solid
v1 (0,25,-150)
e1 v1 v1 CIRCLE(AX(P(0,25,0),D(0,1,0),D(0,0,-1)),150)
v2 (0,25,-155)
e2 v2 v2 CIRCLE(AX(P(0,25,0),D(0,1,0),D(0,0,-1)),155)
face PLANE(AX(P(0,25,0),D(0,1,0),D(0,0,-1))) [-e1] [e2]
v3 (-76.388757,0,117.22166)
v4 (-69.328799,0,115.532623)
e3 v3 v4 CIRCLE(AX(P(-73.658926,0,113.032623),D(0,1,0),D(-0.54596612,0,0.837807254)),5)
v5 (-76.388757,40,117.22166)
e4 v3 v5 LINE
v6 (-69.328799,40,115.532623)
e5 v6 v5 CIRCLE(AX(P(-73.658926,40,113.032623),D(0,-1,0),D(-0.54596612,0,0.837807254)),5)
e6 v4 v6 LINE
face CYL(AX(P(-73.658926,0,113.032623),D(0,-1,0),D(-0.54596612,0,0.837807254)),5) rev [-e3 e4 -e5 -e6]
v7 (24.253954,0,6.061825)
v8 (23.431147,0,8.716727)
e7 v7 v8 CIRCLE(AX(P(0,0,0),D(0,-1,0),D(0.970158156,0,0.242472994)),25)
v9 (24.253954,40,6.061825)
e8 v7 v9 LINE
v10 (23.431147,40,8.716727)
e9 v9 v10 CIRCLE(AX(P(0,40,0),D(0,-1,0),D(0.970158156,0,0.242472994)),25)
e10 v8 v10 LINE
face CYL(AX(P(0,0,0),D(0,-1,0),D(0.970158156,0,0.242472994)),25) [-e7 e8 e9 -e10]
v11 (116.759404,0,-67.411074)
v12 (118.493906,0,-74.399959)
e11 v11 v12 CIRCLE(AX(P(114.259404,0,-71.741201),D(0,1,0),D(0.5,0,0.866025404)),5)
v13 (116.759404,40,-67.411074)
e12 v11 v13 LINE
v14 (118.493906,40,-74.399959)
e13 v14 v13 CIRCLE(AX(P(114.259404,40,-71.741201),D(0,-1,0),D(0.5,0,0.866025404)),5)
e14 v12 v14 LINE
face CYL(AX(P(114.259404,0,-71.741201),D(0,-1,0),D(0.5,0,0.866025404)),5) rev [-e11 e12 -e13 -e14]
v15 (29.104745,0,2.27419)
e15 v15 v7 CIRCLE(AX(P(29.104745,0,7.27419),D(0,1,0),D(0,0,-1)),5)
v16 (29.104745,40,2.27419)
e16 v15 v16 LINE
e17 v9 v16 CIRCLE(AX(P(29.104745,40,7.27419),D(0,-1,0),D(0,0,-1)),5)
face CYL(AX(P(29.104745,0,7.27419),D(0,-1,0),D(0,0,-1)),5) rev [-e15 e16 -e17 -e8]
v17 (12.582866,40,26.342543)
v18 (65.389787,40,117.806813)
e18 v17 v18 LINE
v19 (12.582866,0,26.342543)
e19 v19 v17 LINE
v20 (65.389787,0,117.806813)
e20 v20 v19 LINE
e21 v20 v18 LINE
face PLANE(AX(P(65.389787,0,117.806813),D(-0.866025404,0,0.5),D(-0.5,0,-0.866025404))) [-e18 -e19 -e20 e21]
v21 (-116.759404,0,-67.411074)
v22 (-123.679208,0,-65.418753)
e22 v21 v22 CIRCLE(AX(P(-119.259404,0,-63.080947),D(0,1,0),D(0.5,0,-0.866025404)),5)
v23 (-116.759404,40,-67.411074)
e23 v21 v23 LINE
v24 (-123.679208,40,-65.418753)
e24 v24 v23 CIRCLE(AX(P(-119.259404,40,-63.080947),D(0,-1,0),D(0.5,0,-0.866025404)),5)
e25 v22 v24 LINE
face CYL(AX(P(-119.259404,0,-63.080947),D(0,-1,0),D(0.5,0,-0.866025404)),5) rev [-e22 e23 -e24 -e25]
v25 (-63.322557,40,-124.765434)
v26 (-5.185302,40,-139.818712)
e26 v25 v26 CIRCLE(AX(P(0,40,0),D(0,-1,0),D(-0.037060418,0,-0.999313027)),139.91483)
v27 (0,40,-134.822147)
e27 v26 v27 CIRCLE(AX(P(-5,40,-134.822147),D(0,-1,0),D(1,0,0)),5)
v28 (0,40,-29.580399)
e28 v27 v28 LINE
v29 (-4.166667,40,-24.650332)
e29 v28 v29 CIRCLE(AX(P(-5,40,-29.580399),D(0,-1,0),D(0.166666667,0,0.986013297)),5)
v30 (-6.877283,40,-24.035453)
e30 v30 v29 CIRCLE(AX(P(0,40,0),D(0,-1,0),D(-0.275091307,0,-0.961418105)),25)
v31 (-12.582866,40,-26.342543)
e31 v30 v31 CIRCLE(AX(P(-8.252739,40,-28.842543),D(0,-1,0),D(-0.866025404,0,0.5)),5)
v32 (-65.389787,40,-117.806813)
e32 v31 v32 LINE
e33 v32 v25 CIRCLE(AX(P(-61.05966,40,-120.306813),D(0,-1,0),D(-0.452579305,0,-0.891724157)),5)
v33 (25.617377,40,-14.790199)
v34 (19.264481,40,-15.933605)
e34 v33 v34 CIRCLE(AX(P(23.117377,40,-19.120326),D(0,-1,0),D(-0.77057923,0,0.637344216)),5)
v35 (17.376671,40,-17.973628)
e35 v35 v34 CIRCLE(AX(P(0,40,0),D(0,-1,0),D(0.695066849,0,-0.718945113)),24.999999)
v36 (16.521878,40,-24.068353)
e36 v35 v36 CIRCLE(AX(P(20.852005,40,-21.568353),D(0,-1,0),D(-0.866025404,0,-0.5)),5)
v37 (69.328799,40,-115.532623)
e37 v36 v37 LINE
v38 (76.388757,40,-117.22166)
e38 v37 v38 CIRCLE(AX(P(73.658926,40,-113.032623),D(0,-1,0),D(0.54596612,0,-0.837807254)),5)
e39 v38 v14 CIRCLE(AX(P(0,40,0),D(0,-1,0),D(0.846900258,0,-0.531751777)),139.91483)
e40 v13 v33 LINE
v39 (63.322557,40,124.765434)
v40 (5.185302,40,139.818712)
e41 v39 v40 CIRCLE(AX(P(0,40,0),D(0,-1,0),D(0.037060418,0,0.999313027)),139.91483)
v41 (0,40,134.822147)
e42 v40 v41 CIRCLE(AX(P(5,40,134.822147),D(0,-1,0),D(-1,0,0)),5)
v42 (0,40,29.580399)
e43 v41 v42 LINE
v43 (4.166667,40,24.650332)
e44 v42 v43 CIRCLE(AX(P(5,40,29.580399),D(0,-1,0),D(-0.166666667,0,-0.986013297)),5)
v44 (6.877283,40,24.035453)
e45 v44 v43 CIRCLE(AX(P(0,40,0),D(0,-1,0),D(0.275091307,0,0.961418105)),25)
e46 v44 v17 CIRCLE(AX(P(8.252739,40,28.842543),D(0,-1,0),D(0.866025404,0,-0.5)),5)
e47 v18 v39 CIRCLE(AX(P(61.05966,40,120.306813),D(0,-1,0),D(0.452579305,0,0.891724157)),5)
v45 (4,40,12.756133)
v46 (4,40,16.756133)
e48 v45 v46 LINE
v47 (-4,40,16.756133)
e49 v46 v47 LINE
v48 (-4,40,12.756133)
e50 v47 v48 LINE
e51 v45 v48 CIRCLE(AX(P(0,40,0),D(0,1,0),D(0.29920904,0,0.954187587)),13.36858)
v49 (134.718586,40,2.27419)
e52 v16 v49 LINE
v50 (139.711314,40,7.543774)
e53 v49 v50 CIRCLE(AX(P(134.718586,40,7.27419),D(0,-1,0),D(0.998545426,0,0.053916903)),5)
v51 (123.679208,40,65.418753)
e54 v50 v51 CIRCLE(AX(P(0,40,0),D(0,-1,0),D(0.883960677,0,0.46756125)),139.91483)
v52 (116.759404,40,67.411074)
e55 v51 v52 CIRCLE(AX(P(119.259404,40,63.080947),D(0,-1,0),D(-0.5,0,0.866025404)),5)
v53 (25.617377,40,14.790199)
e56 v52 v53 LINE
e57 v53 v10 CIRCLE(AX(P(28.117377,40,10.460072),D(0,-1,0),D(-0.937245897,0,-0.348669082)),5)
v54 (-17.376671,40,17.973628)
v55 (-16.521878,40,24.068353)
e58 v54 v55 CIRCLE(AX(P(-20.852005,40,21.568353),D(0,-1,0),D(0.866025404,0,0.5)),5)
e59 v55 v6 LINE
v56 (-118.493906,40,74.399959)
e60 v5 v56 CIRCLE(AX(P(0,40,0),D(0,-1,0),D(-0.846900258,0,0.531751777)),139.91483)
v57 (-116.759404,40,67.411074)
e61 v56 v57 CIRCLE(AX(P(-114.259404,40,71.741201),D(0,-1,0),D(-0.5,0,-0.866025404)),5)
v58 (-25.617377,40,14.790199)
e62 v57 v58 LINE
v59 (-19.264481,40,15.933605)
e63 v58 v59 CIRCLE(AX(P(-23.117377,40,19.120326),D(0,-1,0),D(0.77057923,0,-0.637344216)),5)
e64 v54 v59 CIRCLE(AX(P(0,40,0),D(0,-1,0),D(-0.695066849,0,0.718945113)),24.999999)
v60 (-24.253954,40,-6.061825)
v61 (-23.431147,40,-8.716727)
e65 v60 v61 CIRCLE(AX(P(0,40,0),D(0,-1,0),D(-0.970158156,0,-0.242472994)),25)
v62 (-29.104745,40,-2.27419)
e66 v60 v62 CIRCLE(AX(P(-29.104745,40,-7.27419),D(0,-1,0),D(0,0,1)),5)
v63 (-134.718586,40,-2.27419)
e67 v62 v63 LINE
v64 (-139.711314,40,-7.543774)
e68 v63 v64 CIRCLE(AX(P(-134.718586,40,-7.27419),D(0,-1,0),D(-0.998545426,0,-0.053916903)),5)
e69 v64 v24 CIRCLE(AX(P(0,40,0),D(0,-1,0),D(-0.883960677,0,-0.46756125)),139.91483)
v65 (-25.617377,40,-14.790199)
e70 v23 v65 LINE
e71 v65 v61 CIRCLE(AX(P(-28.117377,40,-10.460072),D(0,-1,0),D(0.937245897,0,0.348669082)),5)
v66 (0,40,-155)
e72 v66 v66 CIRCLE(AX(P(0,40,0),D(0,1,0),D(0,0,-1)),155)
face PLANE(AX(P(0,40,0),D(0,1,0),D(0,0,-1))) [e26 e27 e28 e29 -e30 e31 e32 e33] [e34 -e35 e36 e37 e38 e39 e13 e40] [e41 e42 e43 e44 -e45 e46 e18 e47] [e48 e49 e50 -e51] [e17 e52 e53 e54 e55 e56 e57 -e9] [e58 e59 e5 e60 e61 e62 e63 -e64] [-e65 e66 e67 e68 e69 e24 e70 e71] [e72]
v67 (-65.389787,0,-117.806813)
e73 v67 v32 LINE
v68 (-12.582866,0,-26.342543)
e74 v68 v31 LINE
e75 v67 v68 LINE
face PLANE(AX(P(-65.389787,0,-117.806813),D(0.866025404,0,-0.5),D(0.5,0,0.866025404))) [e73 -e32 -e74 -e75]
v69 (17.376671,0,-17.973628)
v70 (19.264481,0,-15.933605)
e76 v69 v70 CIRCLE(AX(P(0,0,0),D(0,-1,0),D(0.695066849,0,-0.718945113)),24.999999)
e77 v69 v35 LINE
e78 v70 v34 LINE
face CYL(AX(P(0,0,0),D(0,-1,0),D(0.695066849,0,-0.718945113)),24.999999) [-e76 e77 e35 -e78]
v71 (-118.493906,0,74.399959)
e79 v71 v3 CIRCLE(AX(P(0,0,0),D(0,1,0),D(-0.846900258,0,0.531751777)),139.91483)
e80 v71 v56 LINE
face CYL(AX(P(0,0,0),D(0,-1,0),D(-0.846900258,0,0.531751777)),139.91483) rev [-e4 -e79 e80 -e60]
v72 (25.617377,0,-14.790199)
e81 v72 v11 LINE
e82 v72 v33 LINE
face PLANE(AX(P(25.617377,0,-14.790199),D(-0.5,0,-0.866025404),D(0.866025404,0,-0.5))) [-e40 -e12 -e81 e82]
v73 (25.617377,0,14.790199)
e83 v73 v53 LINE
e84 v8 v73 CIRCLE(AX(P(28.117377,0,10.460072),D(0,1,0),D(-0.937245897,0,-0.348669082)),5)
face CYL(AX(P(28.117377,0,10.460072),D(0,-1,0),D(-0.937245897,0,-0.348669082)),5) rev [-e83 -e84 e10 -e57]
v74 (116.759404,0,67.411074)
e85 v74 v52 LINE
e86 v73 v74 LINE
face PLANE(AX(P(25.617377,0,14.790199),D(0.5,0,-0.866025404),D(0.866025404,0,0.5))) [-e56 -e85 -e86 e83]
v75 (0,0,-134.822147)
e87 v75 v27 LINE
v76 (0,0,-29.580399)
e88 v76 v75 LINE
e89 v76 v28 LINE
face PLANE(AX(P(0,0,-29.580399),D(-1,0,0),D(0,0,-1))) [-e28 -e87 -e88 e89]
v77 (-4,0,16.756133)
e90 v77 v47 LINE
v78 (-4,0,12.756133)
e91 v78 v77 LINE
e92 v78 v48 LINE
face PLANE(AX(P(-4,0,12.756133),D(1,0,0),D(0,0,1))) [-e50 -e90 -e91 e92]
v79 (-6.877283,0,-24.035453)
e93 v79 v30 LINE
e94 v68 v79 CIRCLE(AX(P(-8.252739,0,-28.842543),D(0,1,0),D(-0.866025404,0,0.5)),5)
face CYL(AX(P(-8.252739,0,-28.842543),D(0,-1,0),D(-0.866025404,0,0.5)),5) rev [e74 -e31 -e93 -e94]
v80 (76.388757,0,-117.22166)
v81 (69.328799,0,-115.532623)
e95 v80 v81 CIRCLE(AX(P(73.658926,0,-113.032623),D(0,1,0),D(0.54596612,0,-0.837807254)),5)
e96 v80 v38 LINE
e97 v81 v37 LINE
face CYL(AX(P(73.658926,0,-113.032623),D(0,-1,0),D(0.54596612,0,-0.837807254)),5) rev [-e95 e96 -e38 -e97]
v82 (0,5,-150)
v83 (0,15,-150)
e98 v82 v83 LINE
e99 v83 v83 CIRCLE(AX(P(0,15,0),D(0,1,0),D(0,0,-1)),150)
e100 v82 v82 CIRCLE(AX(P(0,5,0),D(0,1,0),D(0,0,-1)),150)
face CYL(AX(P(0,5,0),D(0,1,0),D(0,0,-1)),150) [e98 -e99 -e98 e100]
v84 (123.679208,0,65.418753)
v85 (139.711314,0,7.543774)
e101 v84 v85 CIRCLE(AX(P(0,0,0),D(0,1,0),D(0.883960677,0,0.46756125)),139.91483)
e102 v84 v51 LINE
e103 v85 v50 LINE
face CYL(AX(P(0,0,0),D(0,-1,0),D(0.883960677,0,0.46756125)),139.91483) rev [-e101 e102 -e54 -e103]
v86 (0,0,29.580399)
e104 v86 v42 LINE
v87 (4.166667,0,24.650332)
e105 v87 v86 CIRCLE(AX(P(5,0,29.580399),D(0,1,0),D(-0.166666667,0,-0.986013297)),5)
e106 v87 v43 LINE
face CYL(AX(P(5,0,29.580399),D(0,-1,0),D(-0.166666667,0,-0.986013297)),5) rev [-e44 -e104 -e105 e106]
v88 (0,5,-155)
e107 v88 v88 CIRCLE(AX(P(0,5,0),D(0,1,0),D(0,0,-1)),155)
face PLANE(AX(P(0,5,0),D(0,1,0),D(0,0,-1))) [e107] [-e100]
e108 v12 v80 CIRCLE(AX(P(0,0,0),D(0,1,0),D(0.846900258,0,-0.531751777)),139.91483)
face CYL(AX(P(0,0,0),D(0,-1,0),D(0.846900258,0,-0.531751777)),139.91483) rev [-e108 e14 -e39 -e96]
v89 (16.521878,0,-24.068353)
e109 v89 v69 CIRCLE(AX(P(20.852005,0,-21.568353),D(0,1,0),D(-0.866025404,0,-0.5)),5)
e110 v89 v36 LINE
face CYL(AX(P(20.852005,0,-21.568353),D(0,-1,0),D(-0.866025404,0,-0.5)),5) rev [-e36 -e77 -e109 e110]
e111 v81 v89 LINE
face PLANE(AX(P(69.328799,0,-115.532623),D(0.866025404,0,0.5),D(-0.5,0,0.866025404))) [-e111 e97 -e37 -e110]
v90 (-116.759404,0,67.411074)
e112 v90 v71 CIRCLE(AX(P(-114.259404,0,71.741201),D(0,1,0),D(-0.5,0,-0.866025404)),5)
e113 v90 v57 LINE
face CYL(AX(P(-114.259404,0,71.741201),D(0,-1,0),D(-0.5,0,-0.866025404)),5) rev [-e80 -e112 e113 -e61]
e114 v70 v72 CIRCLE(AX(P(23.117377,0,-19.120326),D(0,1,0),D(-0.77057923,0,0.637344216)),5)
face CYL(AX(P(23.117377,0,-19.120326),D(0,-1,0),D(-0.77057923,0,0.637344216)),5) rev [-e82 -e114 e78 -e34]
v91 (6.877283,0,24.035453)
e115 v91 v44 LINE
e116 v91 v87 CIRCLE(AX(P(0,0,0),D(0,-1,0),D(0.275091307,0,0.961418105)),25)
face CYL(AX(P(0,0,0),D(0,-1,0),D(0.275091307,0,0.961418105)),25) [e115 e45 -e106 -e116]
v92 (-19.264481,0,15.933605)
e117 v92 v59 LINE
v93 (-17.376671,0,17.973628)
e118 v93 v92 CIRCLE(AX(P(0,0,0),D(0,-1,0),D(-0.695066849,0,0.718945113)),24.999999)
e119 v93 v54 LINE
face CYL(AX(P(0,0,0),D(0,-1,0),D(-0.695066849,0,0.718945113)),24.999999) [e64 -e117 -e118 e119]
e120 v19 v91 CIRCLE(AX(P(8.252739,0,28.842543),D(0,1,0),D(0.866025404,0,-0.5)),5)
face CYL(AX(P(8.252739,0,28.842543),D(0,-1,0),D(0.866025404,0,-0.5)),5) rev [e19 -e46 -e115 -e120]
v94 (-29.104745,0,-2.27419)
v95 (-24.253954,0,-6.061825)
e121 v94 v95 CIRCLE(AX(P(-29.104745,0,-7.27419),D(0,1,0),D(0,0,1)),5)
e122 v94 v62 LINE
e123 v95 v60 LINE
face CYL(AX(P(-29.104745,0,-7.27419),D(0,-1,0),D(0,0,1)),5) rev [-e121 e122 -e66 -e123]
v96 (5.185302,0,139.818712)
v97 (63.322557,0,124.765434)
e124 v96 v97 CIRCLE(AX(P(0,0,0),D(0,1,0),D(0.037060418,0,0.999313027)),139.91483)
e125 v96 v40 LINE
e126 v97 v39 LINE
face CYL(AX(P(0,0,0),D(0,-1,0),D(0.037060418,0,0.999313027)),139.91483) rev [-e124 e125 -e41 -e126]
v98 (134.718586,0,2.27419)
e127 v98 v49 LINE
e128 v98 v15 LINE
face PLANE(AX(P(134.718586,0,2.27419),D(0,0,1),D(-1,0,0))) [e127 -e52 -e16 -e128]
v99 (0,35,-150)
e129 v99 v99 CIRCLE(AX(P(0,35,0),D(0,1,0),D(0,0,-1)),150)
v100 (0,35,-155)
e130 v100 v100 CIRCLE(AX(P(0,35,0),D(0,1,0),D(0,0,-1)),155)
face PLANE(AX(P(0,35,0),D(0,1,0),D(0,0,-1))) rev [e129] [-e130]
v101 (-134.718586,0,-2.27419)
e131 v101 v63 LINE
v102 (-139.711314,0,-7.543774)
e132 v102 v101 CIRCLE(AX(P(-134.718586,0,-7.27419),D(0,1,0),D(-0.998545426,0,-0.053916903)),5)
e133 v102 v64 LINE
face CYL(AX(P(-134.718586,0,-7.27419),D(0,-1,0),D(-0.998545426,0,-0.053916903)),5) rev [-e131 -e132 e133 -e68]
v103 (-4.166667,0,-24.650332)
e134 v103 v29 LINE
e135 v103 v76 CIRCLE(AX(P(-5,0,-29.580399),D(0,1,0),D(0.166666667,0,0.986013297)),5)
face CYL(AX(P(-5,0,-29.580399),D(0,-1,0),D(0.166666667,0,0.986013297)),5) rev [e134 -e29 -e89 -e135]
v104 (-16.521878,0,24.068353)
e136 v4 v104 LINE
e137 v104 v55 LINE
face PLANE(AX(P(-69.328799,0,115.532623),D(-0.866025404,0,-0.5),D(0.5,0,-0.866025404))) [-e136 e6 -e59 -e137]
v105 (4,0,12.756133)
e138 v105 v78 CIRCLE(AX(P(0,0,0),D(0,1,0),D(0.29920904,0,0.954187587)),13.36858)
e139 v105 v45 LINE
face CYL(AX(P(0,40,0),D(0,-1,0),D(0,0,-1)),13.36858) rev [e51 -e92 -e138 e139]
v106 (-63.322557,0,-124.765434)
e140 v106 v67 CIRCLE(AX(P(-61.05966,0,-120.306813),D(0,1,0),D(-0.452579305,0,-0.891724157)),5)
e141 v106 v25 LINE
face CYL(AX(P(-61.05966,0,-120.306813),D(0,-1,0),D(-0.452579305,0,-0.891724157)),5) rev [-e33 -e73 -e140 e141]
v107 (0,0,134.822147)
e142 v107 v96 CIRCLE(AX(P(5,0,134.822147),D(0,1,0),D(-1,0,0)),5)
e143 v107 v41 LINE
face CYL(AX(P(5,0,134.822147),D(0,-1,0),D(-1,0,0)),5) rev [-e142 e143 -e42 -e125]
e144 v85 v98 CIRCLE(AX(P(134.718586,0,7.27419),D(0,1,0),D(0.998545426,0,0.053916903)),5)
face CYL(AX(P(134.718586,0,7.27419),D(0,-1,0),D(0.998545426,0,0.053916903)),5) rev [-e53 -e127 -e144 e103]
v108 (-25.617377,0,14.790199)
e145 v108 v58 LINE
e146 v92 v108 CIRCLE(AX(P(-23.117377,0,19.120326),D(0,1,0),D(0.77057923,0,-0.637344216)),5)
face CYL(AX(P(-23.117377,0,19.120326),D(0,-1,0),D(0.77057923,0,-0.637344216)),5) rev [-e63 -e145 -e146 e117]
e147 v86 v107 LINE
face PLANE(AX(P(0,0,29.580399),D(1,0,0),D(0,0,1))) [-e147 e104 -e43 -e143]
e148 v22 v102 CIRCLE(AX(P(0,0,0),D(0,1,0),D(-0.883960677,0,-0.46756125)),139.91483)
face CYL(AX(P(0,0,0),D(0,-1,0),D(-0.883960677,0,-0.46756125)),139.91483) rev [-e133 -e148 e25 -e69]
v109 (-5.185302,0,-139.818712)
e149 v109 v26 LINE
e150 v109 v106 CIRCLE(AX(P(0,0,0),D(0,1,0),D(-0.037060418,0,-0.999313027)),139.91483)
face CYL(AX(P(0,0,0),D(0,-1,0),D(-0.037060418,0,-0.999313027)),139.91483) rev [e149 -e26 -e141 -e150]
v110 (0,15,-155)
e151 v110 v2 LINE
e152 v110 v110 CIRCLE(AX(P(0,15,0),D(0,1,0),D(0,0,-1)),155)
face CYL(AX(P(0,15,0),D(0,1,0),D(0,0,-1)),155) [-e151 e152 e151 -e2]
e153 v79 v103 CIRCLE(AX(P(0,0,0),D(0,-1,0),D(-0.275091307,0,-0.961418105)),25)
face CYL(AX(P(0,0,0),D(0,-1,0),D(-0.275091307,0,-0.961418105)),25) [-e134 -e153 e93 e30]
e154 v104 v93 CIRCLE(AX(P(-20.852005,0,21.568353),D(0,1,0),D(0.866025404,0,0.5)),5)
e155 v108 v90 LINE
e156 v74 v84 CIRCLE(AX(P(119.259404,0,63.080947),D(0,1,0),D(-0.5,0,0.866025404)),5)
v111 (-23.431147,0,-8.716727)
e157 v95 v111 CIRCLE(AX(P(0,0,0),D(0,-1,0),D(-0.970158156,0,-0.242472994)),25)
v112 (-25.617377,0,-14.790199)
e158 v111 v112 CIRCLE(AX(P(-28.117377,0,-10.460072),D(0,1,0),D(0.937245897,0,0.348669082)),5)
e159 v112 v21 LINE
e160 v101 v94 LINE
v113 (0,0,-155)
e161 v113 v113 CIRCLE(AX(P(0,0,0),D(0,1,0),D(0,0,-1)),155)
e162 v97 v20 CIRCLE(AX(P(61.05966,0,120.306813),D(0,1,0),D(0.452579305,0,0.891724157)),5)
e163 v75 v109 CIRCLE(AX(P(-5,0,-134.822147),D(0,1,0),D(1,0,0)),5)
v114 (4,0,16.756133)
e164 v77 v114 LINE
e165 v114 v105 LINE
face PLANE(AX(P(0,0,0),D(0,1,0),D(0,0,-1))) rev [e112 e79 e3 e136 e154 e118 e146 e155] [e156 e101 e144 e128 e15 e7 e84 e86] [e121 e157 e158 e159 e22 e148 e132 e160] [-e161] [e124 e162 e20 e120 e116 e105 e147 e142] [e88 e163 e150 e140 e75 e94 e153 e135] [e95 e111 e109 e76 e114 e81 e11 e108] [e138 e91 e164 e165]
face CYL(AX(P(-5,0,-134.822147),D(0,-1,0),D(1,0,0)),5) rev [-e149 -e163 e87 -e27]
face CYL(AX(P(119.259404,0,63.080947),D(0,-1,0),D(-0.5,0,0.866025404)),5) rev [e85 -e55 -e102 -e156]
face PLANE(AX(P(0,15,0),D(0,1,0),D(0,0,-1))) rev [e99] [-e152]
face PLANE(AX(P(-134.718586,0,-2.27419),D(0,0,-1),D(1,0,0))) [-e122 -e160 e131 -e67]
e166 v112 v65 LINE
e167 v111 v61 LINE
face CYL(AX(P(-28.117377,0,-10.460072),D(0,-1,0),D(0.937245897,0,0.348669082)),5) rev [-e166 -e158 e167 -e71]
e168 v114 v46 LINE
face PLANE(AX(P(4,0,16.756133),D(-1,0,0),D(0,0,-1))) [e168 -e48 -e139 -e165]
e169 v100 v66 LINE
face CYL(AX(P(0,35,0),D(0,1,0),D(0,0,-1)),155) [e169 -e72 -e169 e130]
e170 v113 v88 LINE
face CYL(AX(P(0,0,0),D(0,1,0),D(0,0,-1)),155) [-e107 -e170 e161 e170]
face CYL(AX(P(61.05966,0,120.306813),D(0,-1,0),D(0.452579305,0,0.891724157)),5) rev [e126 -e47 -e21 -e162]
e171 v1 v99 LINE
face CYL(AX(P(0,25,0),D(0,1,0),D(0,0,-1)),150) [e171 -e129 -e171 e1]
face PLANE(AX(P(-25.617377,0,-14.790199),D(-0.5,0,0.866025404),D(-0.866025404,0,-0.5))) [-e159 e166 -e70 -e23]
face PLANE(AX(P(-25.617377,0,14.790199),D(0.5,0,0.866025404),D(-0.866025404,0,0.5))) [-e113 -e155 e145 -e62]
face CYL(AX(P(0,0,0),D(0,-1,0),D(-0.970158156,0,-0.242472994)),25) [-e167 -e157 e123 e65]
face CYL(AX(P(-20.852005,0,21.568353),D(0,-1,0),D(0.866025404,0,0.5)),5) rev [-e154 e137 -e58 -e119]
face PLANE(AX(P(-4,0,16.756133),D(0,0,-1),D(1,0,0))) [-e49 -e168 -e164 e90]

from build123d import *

# Parameters (mm, degrees)
CUT_EXTRUDE1_DEPTH = 223.822799552
CUT_EXTRUDE2_DEPTH = 223.822799552


with BuildPart() as part:
    # Sketch1 → Revolve1 (revolve)
    with BuildSketch(Plane(origin=(0, 0, 0), x_dir=(0, 0, -1), z_dir=(1, 0, 0))):
        Polygon((13.36858006, 0), (155, 0), (155, 5), (150, 5), (150, 15), (155, 15), (155, 25), (150, 25), (150, 35), (155, 35), (155, 40), (13.36858006, 40), align=None)
    revolve(axis=Axis((0, 0, 0), (0, 1, 0)))

    # Sketch2 → Cut-Extrude1 (cut, through all)
    with BuildSketch(Plane.XZ):
        with BuildLine():
            Line((-4, 16.756133146), (4, 16.756133146))
            Line((4, 16.756133146), (4, 12.756133146))
            ThreePointArc((4, 12.756133146), (0, 13.36858006), (-4, 12.756133146))
            Line((-4, 12.756133146), (-4, 16.756133146))
        make_face()
    extrude(amount=-CUT_EXTRUDE1_DEPTH, mode=Mode.SUBTRACT)

    # Sketch3 → Cut-Extrude2 (cut, through all)
    with BuildSketch(Plane.XZ):
        with BuildLine():
            Line((0, 29.580398915), (0, 134.82214713))
            ThreePointArc((0, 134.82214713), (1.530598787, 138.422599216), (5.18530209, 139.818712264))
            ThreePointArc((5.18530209, 139.818712264), (35.071098816, 135.448062683), (63.322556568, 124.765433861))
            ThreePointArc((63.322556568, 124.765433861), (65.852633094, 121.73068432), (65.389787061, 117.806813075))
            Line((65.389787061, 117.806813075), (12.582866204, 26.34254316))
            ThreePointArc((12.582866204, 26.34254316), (10.127088699, 24.207156024), (6.877282654, 24.035452633))
            ThreePointArc((6.877282654, 24.035452633), (5.530526507, 24.380592211), (4.166666667, 24.65033243))
            ThreePointArc((4.166666667, 24.65033243), (1.181186921, 26.352912794), (0, 29.580398915))
        make_face()
        with BuildLine():
            Line((25.617376915, 14.790199458), (116.759404407, 67.411073565))
            ThreePointArc((116.759404407, 67.411073565), (120.642786773, 67.885762175), (123.67920779, 65.418752795))
            ThreePointArc((123.67920779, 65.418752795), (134.837012585, 37.351568828), (139.711313522, 7.543774309))
            ThreePointArc((139.711313522, 7.543774309), (138.348181588, 3.835288995), (134.718586392, 2.274189795))
            Line((134.718586392, 2.274189795), (29.104744679, 2.274189795))
            ThreePointArc((29.104744679, 2.274189795), (26.027556419, 3.333261933), (24.253953899, 6.061824829))
            ThreePointArc((24.253953899, 6.061824829), (23.879475467, 7.400719654), (23.431147429, 8.716727032))
            ThreePointArc((23.431147429, 8.716727032), (23.412885403, 12.153518517), (25.617376915, 14.790199458))
        make_face()
        with BuildLine():
            Line((25.617376915, -14.790199458), (116.759404407, -67.411073565))
            ThreePointArc((116.759404407, -67.411073565), (119.112187985, -70.536837041), (118.4939057, -74.399959468))
            ThreePointArc((118.4939057, -74.399959468), (99.765913769, -98.096493855), (76.388756953, -117.221659551))
            ThreePointArc((76.388756953, -117.221659551), (72.495548494, -117.895395325), (69.328799331, -115.53262328))
            Line((69.328799331, -115.53262328), (16.521878475, -24.068353365))
            ThreePointArc((16.521878475, -24.068353365), (15.900467721, -20.873894091), (17.376671245, -17.973627804))
            ThreePointArc((17.376671245, -17.973627804), (18.348948961, -16.979872557), (19.264480762, -15.933605397))
            ThreePointArc((19.264480762, -15.933605397), (22.231698483, -14.199394277), (25.617376915, -14.790199458))
        make_face()
        with BuildLine():
            Line((0, -29.580398915), (0, -134.82214713))
            ThreePointArc((0, -134.82214713), (-1.530598787, -138.422599216), (-5.18530209, -139.818712264))
            ThreePointArc((-5.18530209, -139.818712264), (-35.071098816, -135.448062683), (-63.322556568, -124.765433861))
            ThreePointArc((-63.322556568, -124.765433861), (-65.852633094, -121.73068432), (-65.389787061, -117.806813075))
            Line((-65.389787061, -117.806813075), (-12.582866204, -26.34254316))
            ThreePointArc((-12.582866204, -26.34254316), (-10.127088699, -24.207156024), (-6.877282654, -24.035452633))
            ThreePointArc((-6.877282654, -24.035452633), (-5.530526507, -24.380592211), (-4.166666667, -24.65033243))
            ThreePointArc((-4.166666667, -24.65033243), (-1.181186921, -26.352912794), (0, -29.580398915))
        make_face()
        with BuildLine():
            Line((-25.617376915, -14.790199458), (-116.759404407, -67.411073565))
            ThreePointArc((-116.759404407, -67.411073565), (-120.642786773, -67.885762175), (-123.67920779, -65.418752795))
            ThreePointArc((-123.67920779, -65.418752795), (-134.837012585, -37.351568828), (-139.711313522, -7.543774309))
            ThreePointArc((-139.711313522, -7.543774309), (-138.348181588, -3.835288995), (-134.718586392, -2.274189795))
            Line((-134.718586392, -2.274189795), (-29.104744679, -2.274189795))
            ThreePointArc((-29.104744679, -2.274189795), (-26.027556419, -3.333261933), (-24.253953899, -6.061824829))
            ThreePointArc((-24.253953899, -6.061824829), (-23.879475467, -7.400719654), (-23.431147429, -8.716727032))
            ThreePointArc((-23.431147429, -8.716727032), (-23.412885403, -12.153518517), (-25.617376915, -14.790199458))
        make_face()
        with BuildLine():
            Line((-25.617376915, 14.790199458), (-116.759404407, 67.411073565))
            ThreePointArc((-116.759404407, 67.411073565), (-119.112187985, 70.536837041), (-118.4939057, 74.399959468))
            ThreePointArc((-118.4939057, 74.399959468), (-99.765913769, 98.096493855), (-76.388756953, 117.221659551))
            ThreePointArc((-76.388756953, 117.221659551), (-72.495548494, 117.895395325), (-69.328799331, 115.53262328))
            Line((-69.328799331, 115.53262328), (-16.521878475, 24.068353365))
            ThreePointArc((-16.521878475, 24.068353365), (-15.900467721, 20.873894091), (-17.376671245, 17.973627804))
            ThreePointArc((-17.376671245, 17.973627804), (-18.348948961, 16.979872557), (-19.264480762, 15.933605397))
            ThreePointArc((-19.264480762, 15.933605397), (-22.231698483, 14.199394277), (-25.617376915, 14.790199458))
        make_face()
    extrude(amount=-CUT_EXTRUDE2_DEPTH, mode=Mode.SUBTRACT)


solid = part.part
